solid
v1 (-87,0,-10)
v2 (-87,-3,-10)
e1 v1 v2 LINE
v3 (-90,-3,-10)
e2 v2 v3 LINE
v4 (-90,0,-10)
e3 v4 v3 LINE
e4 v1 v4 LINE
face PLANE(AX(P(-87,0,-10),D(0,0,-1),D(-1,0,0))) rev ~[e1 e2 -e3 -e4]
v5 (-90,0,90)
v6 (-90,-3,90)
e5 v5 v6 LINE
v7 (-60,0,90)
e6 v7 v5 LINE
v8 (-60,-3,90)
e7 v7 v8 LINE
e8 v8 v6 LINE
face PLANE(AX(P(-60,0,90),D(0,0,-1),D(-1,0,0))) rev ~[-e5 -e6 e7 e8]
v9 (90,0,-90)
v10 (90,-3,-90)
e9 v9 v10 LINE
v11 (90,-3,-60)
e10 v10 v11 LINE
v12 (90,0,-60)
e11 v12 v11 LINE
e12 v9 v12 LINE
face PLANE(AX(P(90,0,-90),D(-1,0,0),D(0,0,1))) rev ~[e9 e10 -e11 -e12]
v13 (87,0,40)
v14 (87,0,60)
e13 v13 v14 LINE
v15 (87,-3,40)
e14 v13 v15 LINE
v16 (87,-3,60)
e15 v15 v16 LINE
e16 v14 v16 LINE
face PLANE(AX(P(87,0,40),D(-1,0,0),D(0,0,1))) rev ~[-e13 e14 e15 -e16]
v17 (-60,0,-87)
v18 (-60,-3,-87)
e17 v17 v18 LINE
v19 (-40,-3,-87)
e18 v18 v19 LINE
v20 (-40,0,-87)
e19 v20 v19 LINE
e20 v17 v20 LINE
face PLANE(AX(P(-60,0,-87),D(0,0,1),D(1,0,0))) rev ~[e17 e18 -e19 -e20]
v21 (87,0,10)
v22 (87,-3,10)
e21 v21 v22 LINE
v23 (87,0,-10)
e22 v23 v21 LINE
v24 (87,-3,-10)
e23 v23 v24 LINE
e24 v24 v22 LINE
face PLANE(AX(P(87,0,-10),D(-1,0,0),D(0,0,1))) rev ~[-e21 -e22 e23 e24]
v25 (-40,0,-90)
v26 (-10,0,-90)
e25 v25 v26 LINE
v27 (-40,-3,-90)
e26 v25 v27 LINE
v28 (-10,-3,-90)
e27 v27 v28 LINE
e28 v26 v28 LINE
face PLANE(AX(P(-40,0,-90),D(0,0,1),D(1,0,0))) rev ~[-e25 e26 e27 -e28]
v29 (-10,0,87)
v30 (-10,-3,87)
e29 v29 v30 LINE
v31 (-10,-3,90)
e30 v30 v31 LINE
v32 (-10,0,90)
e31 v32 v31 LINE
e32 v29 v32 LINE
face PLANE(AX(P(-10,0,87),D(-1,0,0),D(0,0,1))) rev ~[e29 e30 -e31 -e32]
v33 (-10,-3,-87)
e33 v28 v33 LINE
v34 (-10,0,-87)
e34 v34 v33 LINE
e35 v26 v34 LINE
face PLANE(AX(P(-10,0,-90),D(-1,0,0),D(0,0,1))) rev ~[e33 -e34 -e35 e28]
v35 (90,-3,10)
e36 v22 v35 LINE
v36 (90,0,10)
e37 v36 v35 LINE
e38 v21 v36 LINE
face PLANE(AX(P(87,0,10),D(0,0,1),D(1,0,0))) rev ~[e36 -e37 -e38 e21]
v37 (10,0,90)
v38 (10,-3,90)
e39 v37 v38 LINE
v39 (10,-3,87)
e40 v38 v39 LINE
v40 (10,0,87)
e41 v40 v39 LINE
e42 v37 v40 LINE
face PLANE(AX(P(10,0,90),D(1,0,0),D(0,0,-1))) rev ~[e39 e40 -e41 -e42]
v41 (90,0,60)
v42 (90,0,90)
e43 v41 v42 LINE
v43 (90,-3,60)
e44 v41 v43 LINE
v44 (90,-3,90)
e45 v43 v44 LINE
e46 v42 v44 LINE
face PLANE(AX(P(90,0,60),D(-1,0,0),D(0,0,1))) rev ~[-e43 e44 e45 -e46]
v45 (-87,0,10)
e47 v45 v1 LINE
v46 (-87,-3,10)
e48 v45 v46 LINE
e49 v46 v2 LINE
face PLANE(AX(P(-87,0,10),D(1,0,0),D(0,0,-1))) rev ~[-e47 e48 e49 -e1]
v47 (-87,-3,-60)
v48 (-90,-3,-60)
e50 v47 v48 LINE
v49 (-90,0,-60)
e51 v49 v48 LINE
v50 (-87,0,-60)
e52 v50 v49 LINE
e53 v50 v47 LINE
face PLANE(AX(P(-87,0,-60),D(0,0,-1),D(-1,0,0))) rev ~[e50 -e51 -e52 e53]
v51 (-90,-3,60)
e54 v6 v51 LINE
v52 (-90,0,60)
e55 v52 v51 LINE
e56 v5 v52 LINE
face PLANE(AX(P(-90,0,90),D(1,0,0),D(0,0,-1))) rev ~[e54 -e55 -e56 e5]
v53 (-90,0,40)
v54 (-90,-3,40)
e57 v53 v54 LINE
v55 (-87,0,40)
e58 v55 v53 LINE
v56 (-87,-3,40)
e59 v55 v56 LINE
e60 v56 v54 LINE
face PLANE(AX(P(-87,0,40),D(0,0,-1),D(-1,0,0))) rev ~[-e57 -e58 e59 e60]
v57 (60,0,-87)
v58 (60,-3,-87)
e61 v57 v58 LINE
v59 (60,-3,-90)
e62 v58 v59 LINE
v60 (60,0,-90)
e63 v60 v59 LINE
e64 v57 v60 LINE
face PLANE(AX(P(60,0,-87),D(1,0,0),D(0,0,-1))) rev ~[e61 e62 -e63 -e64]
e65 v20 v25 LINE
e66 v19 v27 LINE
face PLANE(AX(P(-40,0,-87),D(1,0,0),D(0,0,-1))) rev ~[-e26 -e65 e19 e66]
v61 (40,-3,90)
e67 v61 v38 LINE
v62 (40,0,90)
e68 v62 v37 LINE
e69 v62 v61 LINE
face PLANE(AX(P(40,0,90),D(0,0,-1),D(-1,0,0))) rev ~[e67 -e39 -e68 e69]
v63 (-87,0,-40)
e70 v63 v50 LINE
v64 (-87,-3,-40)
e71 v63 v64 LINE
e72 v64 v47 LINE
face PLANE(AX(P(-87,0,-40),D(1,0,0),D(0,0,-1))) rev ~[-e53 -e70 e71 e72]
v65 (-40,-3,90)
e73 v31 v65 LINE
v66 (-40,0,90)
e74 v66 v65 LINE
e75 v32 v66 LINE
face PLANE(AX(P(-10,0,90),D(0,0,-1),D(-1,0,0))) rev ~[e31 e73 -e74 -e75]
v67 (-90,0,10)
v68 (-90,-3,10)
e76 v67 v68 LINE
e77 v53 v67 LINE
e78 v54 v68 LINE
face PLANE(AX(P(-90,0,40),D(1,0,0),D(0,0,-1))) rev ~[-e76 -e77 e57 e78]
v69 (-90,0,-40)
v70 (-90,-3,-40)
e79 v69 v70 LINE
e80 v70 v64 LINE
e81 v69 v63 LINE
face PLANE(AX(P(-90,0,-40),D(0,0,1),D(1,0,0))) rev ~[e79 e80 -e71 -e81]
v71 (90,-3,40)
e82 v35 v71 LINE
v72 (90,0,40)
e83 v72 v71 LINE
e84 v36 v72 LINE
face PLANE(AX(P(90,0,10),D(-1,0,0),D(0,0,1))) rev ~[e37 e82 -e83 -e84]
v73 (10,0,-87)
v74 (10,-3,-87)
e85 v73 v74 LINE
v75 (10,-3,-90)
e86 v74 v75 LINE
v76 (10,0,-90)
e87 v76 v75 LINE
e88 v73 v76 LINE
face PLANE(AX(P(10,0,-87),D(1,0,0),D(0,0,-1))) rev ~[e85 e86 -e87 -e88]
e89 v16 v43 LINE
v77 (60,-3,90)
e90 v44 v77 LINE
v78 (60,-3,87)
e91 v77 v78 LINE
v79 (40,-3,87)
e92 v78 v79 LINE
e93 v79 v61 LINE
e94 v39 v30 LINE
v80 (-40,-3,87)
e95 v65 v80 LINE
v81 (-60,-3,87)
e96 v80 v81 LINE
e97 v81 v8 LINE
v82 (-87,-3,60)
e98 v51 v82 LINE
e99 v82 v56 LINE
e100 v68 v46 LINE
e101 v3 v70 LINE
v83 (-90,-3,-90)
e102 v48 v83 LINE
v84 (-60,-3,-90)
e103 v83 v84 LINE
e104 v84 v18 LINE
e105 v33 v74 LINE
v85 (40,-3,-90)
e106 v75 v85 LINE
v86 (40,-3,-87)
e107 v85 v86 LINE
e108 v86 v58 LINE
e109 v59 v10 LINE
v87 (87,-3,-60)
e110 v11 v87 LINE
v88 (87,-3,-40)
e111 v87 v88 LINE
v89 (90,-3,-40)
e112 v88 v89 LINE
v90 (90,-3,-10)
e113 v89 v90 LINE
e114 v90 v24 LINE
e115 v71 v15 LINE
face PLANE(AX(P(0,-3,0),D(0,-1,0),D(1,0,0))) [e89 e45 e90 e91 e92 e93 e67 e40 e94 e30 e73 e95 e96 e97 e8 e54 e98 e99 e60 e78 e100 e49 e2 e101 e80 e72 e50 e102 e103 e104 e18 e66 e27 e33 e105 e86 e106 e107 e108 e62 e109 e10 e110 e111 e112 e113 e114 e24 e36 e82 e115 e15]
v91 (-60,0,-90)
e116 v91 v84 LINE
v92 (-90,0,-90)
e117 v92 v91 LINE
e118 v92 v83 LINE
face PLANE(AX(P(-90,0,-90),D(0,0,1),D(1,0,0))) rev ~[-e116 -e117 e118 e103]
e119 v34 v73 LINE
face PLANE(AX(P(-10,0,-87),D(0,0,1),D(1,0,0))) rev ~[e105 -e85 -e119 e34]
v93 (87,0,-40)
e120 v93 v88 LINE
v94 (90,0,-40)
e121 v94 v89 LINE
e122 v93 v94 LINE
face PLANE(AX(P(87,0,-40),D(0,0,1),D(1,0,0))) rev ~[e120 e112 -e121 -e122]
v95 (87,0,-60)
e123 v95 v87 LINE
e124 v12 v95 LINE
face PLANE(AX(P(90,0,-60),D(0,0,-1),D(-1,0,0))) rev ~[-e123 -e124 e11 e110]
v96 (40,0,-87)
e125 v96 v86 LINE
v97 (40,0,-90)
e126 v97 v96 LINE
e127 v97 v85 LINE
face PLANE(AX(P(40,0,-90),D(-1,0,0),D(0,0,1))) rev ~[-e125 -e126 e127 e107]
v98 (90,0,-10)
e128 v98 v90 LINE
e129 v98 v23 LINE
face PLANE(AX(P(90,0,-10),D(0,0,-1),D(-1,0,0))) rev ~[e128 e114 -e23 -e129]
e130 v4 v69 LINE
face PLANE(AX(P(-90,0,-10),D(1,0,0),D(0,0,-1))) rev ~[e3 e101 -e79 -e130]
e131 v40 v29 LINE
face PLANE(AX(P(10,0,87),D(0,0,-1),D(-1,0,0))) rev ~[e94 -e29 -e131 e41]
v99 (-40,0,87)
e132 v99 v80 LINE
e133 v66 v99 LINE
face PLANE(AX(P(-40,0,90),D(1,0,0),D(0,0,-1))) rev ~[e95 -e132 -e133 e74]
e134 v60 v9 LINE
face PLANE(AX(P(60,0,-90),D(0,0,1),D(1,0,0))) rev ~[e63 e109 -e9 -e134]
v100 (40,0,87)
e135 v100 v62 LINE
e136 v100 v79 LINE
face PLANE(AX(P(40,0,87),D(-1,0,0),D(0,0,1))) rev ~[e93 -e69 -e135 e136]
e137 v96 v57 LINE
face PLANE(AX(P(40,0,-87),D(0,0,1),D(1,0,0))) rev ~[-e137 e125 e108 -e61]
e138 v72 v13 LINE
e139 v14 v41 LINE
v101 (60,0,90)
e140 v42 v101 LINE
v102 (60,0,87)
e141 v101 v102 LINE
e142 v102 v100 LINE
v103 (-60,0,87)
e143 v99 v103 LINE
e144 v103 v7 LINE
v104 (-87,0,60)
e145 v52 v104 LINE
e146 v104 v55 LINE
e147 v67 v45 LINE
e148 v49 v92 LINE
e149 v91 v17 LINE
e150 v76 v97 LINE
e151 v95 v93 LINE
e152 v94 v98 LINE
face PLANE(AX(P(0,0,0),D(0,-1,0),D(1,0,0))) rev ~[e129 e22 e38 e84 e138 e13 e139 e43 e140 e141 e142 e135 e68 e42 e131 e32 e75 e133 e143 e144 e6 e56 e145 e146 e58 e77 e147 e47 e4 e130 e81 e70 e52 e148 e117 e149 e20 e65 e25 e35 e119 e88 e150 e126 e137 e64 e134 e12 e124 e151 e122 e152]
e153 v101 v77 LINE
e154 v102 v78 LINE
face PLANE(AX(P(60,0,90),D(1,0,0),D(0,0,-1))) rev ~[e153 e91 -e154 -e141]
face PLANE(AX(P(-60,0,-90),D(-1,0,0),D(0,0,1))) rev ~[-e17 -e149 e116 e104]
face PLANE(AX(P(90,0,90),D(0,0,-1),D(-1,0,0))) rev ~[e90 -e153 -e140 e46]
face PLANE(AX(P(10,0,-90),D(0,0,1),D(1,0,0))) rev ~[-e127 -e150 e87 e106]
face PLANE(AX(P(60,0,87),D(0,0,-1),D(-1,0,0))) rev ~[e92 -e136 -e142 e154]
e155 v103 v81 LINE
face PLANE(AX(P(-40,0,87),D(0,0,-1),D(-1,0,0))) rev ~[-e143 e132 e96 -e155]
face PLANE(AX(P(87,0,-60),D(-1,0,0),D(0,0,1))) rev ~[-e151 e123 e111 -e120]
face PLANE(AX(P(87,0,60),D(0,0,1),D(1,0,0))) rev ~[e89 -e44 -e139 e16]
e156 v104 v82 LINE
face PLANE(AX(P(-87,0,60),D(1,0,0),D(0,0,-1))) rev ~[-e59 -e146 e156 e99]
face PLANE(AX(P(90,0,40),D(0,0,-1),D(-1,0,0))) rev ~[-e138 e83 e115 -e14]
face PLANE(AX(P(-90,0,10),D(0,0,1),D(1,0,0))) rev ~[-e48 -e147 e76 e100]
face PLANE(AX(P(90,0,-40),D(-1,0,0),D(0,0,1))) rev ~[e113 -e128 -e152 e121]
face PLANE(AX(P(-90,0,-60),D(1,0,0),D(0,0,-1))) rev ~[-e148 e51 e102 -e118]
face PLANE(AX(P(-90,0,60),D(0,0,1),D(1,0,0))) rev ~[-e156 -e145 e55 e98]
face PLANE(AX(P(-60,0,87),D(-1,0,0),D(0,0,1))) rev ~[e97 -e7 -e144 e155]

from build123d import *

# Parameters (mm, degrees)
F1_DEPTH = 3


with BuildPart() as f1:
    # F0 (on Front) → F1 (new body)
    with BuildSketch(Plane.XZ):
        Polygon((60, -90), (90, -90), (90, -60), (87, -60), (87, -40), (90, -40), (90, -10), (87, -10), (87, 10), (90, 10), (90, 40), (87, 40), (87, 60), (90, 60), (90, 90), (60, 90), (60, 87), (40, 87), (40, 90), (10, 90), (10, 87), (-10, 87), (-10, 90), (-40, 90), (-40, 87), (-60, 87), (-60, 90), (-90, 90), (-90, 60), (-87, 60), (-87, 40), (-90, 40), (-90, 10), (-87, 10), (-87, -10), (-90, -10), (-90, -40), (-87, -40), (-87, -60), (-90, -60), (-90, -90), (-60, -90), (-60, -87), (-40, -87), (-40, -90), (-10, -90), (-10, -87), (10, -87), (10, -90), (40, -90), (40, -87), (60, -87), align=None)
    extrude(amount=F1_DEPTH)


solid = f1.part
